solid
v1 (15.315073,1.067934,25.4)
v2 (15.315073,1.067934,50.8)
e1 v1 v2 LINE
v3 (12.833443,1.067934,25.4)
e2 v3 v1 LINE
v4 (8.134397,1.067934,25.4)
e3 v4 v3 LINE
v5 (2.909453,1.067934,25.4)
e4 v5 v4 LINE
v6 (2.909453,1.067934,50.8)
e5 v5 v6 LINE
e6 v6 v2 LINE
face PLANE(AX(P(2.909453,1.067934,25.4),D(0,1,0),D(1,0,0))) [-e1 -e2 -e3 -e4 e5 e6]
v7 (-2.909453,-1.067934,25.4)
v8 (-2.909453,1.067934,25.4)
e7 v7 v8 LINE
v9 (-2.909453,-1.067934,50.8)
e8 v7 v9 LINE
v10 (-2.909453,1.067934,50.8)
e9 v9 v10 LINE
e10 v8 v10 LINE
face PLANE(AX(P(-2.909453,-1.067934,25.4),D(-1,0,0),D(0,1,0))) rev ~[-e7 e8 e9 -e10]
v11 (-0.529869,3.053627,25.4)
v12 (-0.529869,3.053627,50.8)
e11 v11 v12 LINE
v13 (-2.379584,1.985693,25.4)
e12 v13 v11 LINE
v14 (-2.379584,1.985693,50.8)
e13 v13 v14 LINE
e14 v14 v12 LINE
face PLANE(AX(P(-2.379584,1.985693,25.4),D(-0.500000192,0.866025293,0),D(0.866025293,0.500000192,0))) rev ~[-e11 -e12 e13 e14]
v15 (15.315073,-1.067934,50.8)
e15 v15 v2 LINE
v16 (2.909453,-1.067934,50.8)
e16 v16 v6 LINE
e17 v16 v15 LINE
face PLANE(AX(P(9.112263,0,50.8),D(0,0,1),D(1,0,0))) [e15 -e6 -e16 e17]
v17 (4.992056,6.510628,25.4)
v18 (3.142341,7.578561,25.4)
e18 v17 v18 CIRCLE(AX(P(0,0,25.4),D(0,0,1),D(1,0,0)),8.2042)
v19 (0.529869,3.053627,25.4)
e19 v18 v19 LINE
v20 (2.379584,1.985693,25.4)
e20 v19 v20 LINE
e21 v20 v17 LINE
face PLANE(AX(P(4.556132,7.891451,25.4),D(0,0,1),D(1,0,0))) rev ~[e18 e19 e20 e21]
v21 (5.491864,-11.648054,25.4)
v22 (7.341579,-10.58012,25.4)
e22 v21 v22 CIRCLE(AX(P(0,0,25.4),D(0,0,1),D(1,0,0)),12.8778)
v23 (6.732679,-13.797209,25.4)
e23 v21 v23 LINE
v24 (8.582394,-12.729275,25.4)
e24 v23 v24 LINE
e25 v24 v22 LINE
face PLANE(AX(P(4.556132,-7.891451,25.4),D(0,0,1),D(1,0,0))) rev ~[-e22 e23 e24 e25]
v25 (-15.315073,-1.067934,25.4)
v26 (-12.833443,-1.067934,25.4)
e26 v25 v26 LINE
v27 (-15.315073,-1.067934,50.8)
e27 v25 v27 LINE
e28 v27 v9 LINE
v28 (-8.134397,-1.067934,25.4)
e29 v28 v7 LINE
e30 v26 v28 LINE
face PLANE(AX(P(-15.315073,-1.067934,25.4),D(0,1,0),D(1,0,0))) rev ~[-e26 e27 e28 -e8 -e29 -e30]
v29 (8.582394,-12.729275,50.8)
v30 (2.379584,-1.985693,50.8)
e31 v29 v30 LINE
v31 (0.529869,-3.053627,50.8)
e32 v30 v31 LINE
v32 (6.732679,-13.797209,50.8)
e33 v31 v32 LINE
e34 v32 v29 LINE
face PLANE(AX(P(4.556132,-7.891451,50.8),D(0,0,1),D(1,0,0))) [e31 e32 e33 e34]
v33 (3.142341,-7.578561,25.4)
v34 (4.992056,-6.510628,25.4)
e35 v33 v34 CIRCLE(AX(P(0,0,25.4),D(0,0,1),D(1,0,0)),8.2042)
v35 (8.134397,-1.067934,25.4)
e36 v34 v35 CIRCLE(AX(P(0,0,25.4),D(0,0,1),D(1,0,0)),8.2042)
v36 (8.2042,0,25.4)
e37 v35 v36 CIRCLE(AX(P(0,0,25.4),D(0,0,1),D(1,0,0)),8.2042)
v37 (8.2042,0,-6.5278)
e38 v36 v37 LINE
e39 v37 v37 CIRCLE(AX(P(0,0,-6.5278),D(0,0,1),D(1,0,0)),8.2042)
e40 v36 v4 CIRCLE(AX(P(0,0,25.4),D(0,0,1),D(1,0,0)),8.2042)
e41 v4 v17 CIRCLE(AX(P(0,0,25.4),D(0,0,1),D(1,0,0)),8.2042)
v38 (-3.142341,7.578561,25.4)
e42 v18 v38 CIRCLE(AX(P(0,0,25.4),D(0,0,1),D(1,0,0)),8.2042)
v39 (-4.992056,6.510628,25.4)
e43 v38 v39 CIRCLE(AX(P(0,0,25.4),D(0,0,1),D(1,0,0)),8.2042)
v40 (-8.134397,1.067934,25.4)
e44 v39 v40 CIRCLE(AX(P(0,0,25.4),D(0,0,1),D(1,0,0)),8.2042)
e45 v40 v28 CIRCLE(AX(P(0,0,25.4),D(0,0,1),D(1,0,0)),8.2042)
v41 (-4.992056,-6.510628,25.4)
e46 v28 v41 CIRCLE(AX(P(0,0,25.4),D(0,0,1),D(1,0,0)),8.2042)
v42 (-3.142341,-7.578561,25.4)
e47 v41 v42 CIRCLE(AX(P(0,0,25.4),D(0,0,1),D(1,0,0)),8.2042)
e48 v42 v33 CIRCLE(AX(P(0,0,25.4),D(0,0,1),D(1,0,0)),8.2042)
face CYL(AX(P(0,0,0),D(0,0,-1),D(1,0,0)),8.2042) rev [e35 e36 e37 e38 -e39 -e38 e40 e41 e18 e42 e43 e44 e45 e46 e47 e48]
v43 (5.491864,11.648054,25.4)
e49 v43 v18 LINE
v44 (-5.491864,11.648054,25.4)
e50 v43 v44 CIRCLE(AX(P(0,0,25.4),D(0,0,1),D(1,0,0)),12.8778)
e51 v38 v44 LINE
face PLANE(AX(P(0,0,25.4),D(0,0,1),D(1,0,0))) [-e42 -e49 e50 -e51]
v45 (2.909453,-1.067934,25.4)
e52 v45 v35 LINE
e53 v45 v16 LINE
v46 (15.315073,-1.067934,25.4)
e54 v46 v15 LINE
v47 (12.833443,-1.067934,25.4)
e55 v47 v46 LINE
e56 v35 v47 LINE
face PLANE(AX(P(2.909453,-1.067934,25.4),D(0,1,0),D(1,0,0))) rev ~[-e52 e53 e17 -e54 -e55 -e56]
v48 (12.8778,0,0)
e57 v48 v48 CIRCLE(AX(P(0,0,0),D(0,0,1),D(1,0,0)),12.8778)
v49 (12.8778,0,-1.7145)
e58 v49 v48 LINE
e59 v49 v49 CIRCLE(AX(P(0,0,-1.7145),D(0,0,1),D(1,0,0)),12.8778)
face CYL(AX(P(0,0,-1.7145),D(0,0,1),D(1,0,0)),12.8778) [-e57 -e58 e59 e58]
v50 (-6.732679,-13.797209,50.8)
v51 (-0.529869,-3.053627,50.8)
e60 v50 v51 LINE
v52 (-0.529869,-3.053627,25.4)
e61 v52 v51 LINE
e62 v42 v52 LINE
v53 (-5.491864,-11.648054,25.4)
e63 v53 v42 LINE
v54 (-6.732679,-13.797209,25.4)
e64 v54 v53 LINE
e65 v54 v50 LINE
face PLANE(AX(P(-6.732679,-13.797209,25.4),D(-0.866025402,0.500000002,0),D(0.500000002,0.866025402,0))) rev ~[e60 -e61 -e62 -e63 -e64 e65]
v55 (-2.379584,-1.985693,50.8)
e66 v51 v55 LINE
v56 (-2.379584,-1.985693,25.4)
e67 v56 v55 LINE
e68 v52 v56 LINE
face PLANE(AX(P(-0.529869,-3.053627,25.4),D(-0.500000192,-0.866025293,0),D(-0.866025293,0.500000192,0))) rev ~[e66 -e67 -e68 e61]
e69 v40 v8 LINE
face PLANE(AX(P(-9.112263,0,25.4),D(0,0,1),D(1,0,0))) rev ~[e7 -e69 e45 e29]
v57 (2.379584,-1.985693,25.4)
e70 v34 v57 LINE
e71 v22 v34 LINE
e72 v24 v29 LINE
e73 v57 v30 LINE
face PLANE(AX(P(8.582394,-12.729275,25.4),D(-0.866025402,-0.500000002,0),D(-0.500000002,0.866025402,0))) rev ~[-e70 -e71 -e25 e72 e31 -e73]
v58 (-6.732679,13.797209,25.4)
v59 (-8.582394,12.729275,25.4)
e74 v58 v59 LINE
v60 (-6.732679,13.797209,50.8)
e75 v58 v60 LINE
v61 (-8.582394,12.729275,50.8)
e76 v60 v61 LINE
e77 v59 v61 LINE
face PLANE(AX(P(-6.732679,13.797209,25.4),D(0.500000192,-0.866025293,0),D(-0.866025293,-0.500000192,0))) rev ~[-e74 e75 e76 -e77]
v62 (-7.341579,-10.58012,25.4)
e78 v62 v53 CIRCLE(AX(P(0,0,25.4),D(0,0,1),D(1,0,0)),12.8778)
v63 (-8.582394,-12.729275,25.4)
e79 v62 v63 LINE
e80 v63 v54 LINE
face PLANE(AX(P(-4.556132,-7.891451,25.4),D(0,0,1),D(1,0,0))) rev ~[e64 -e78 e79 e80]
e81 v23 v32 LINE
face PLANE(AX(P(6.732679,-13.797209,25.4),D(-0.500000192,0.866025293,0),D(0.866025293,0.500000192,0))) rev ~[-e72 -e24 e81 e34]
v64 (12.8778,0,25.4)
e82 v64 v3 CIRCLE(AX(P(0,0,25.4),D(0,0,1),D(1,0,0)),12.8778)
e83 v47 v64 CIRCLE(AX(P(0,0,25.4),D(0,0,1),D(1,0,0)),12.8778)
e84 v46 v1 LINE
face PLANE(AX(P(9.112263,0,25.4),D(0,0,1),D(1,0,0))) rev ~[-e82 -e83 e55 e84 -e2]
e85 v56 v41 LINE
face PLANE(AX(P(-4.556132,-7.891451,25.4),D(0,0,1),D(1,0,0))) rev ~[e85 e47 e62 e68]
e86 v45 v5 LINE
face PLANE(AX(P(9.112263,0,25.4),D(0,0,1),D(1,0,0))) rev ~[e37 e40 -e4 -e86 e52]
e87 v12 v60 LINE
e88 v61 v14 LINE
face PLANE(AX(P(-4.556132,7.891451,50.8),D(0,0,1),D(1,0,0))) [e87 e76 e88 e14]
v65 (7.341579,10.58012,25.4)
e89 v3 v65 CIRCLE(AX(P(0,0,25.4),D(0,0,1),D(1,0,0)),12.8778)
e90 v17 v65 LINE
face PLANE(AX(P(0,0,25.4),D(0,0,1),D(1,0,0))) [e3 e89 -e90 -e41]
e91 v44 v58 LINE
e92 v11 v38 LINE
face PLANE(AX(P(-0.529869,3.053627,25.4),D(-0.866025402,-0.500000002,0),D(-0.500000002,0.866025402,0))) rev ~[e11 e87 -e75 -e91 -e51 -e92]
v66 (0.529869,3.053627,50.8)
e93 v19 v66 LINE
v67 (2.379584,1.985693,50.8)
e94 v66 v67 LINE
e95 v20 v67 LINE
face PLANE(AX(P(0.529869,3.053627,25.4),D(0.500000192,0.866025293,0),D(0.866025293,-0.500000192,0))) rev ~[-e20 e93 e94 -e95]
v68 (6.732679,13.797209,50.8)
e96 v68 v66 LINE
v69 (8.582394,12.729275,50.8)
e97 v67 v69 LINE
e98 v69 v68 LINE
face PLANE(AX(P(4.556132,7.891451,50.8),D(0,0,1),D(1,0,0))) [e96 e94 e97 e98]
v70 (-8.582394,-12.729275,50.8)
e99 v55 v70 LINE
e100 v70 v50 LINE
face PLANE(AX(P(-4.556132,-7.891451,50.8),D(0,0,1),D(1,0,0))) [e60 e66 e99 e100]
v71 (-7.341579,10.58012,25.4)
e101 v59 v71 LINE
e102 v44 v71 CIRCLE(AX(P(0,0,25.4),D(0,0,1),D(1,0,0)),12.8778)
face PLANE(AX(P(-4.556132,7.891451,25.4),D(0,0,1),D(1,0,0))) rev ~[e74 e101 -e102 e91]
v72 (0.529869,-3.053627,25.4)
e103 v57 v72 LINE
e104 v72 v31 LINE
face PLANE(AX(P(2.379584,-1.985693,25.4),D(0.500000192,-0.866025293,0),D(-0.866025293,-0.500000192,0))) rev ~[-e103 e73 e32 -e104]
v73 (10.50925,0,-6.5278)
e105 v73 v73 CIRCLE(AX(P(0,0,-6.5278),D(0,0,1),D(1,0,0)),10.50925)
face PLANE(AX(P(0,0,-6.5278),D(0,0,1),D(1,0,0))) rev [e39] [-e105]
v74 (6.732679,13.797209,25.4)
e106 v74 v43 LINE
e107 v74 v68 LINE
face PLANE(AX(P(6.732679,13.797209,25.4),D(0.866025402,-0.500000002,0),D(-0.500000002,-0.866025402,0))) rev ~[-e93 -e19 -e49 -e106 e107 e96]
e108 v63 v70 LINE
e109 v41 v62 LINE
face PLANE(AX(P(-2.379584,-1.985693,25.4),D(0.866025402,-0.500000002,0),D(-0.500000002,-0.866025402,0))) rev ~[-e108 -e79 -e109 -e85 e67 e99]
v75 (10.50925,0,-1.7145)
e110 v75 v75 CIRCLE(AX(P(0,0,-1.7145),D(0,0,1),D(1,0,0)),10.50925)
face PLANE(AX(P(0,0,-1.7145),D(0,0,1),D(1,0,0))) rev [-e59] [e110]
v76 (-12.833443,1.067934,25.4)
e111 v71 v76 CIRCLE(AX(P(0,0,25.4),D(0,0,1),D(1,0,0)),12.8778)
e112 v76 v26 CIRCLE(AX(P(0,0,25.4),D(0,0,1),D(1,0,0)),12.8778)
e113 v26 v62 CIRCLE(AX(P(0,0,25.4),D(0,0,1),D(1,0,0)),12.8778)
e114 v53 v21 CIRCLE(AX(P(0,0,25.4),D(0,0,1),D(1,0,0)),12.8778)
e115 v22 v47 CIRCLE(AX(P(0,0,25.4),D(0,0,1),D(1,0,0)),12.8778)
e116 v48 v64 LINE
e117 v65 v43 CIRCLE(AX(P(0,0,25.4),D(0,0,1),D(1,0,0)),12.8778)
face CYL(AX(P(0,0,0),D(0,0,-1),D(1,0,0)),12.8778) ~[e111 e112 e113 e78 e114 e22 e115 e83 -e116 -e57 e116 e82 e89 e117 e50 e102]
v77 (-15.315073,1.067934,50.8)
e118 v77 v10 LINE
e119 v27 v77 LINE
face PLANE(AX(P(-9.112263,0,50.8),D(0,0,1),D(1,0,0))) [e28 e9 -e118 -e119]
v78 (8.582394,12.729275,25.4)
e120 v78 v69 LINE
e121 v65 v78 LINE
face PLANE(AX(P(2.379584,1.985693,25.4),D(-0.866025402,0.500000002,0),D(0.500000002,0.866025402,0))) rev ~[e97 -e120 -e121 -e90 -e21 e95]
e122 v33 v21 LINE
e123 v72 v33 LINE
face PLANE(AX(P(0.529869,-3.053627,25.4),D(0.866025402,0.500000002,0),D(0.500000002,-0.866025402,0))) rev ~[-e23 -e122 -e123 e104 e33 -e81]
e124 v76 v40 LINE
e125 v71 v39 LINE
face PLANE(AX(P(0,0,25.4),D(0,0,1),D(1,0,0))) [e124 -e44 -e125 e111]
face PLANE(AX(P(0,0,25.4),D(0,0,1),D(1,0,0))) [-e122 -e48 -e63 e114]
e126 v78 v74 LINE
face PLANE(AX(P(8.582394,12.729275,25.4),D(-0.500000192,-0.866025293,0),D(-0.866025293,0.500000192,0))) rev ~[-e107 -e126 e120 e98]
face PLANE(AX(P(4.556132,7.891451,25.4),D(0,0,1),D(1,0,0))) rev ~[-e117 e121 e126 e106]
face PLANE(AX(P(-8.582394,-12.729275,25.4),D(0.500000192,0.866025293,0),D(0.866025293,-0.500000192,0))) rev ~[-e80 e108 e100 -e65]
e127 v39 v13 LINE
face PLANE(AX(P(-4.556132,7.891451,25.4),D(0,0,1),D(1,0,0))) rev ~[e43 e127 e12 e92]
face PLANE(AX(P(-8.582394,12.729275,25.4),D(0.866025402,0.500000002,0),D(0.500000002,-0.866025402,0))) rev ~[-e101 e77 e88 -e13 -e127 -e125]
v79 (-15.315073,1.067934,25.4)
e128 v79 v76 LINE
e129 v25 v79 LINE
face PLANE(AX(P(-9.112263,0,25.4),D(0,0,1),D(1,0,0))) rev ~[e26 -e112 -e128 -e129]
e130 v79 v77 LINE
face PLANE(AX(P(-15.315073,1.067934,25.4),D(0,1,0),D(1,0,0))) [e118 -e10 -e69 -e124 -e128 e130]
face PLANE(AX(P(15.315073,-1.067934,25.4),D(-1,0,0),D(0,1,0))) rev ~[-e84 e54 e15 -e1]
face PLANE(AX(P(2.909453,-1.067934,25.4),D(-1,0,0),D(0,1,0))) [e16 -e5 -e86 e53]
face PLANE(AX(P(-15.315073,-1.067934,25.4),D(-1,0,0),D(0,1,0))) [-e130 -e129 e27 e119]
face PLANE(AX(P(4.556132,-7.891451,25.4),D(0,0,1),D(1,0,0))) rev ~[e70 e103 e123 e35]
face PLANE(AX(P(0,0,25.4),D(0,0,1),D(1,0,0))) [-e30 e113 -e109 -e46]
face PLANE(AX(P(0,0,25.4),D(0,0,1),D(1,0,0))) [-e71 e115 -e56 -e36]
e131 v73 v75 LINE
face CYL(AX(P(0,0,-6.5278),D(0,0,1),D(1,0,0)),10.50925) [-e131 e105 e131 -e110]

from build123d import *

# Parameters (mm, degrees)
F2_FACE_R   = 12.8778
F2_FACE_R_2 = 8.2042
F3_DEPTH    = 25.4
F4_W        = 12.40562
F4_H        = 2.135868
F5_DEPTH    = 25.4


with BuildPart() as f2:
    # F1 (on Front) → F2 (revolve)
    with BuildSketch(Plane.XZ):
        Polygon((12.8778, 0), (8.2042, 0), (8.2042, -6.5278), (10.50925, -6.5278), (10.50925, -1.7145), (12.8778, -1.7145), align=None)
    revolve(axis=Axis((0, 0, 18.280845), (0, 0, 1)))

    # F2_face (on face) → F3 (join)
    with BuildSketch(Plane.XY):
        Circle(F2_FACE_R)
        Circle(F2_FACE_R_2, mode=Mode.SUBTRACT)
    extrude(amount=F3_DEPTH)

    # F4 (on face) → F5 (join)
    with BuildSketch(Plane.XY.offset(25.4)):
        with Locations((9.112263, 0)):
            Rectangle(F4_W, F4_H)
        Polygon((6.732679, 13.797209), (0.529869, 3.053627), (2.379584, 1.985693), (8.582394, 12.729275), align=None)
        Polygon((-8.582394, 12.729275), (-2.379584, 1.985693), (-0.529869, 3.053627), (-6.732679, 13.797209), align=None)
        with Locations((-9.112263, 0)):
            Rectangle(F4_W, F4_H)
        Polygon((-6.732679, -13.797209), (-0.529869, -3.053627), (-2.379584, -1.985693), (-8.582394, -12.729275), align=None)
        Polygon((8.582394, -12.729275), (2.379584, -1.985693), (0.529869, -3.053627), (6.732679, -13.797209), align=None)
    extrude(amount=F5_DEPTH)


solid = f2.part
